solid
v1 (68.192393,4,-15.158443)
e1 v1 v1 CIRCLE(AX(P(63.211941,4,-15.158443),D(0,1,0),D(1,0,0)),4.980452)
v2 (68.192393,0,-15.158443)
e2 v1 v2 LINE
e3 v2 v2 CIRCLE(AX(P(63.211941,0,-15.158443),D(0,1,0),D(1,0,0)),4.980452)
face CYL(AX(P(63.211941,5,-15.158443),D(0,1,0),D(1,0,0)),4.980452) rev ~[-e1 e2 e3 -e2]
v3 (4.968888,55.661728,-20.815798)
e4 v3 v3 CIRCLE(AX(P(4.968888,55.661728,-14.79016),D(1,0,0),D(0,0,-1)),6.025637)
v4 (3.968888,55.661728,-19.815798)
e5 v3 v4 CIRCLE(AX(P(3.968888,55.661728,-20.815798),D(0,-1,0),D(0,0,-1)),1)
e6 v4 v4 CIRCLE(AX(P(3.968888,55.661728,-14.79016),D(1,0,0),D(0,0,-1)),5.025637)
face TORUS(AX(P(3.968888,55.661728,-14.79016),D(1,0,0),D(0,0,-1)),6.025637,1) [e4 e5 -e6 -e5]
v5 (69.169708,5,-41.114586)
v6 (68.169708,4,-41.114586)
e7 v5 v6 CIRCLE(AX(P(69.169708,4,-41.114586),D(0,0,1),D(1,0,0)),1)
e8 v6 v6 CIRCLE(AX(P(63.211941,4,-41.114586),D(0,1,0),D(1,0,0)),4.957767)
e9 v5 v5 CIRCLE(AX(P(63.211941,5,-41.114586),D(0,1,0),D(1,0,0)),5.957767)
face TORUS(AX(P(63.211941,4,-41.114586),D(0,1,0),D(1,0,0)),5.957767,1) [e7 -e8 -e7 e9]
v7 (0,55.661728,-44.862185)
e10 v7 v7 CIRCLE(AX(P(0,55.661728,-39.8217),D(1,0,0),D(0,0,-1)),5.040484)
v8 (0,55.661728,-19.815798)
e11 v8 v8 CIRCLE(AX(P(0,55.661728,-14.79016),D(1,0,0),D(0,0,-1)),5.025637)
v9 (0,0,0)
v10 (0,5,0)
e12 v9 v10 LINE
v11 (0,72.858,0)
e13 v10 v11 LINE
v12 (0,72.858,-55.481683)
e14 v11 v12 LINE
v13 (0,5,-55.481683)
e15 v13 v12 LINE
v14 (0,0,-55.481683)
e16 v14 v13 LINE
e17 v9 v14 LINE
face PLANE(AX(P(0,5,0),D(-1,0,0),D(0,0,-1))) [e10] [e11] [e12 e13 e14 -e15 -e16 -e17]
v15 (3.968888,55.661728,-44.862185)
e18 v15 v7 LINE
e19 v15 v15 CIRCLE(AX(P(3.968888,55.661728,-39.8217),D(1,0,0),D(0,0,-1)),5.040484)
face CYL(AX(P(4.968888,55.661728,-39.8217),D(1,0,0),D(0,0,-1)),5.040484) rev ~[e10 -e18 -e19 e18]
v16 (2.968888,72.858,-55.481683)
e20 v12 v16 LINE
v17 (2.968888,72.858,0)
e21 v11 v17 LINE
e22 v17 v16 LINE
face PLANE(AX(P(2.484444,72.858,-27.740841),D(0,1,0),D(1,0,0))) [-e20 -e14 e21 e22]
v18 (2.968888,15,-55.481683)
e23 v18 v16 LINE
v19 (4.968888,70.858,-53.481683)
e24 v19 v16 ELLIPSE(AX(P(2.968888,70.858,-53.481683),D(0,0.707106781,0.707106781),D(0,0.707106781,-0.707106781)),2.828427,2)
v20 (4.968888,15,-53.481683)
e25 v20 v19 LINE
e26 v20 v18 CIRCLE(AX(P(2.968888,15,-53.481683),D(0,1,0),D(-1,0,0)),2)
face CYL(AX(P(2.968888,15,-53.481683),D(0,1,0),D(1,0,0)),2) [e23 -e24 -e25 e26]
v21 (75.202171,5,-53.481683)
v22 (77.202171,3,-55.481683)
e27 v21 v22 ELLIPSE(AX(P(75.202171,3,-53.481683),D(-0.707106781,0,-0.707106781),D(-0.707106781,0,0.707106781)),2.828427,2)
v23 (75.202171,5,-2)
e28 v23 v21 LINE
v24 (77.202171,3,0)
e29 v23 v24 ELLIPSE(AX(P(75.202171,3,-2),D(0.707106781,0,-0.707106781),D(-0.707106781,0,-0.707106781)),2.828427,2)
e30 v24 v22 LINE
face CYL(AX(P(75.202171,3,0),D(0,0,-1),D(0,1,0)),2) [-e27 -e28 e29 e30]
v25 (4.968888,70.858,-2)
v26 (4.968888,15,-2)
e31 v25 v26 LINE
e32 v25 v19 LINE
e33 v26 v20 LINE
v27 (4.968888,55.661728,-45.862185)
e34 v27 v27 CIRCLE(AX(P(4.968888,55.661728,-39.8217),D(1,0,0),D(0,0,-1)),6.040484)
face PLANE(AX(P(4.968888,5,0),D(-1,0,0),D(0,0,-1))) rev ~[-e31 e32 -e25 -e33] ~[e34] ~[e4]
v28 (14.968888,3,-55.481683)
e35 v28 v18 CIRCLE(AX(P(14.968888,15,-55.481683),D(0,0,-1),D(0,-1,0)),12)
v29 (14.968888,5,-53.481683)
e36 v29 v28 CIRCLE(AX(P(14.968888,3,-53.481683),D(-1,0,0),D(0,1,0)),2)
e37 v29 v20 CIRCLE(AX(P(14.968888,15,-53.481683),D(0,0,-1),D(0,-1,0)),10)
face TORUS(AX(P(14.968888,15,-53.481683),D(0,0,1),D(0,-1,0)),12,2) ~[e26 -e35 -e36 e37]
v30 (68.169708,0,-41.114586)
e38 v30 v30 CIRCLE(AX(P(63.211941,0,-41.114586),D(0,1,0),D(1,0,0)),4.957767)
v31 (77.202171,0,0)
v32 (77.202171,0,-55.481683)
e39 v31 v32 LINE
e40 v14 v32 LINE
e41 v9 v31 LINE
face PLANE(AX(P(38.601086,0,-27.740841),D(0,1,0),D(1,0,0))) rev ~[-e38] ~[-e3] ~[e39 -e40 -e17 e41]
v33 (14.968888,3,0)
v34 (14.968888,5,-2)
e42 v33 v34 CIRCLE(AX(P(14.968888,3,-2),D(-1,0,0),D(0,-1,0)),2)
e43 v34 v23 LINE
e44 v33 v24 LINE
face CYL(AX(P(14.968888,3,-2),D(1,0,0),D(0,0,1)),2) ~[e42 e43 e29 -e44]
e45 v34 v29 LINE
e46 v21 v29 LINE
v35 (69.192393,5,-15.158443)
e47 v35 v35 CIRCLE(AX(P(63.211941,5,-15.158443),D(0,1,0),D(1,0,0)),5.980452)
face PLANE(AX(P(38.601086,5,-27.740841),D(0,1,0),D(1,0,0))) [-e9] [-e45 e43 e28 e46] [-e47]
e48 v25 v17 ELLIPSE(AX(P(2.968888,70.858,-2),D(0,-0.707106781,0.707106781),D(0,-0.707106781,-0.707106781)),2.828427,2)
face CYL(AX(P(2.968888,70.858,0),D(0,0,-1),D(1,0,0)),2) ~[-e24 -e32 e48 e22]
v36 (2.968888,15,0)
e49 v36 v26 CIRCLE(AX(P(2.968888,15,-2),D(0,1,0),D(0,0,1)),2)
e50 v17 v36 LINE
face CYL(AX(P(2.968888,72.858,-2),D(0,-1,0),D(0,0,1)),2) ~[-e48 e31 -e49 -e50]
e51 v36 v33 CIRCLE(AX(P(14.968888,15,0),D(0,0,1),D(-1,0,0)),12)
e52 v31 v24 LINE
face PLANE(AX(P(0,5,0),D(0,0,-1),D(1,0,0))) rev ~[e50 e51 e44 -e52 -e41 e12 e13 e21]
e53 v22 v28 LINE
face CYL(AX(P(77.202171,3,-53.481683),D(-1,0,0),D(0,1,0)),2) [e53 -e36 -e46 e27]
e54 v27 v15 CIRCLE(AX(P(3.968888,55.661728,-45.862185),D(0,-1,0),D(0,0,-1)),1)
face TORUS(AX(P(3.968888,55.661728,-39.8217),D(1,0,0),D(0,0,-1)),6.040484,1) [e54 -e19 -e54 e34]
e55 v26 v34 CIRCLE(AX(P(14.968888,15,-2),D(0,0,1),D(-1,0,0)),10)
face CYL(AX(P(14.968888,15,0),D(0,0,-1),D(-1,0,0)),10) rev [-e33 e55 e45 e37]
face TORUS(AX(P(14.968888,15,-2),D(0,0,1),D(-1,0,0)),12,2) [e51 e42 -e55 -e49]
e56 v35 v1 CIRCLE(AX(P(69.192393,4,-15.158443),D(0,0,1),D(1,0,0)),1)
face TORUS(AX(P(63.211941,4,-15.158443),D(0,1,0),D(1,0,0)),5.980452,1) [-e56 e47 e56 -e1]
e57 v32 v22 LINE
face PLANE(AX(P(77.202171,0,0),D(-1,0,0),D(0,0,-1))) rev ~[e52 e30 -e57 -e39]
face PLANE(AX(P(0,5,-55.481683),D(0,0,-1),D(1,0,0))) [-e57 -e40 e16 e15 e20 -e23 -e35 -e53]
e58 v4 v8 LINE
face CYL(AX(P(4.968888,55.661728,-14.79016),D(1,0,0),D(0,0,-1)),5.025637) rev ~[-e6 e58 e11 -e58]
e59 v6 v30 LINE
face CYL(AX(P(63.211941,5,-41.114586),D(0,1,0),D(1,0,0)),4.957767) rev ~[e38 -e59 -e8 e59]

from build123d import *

# Parameters (mm, degrees)
SKETCH1_W           = 77.202171331
SKETCH1_H           = 55.481682761
BOSS_EXTRUDE1_DEPTH = 5
SKETCH2_W           = 4.968888078
SKETCH2_H           = 55.481682761
BOSS_EXTRUDE2_DEPTH = 67.858
SKETCH3_R           = 4.957767387
SKETCH3_R_2         = 4.980451749
CUT_EXTRUDE1_DEPTH  = 67.858
SKETCH4_R           = 5.025637378
SKETCH4_R_2         = 5.040484197
CUT_EXTRUDE2_DEPTH  = 67.858
FILLET1_R           = 10
FILLET2_R           = 2
FILLET3_R           = 1


with BuildPart() as part:
    # Sketch1 → Boss-Extrude1 (new body)
    with BuildSketch(Plane(origin=(0, 0, 0), x_dir=(1, 0, 0), z_dir=(0, 1, 0))):
        with Locations((38.601085666, 27.740841381)):
            Rectangle(SKETCH1_W, SKETCH1_H)
    extrude(amount=BOSS_EXTRUDE1_DEPTH)

    # Sketch2 → Boss-Extrude2 (add)
    with BuildSketch(Plane(origin=(0, 5, 0), x_dir=(1, 0, 0), z_dir=(0, 1, 0))):
        with Locations((2.484444039, 27.740841381)):
            Rectangle(SKETCH2_W, SKETCH2_H)
    extrude(amount=BOSS_EXTRUDE2_DEPTH)

    # Sketch3 → Cut-Extrude1 (cut)
    with BuildSketch(Plane(origin=(0, 5, 0), x_dir=(1, 0, 0), z_dir=(0, 1, 0))):
        with Locations((63.211940842, 41.114585833)):
            Circle(SKETCH3_R)
        with Locations((63.211940842, 15.158442754)):
            Circle(SKETCH3_R_2)
    extrude(amount=-CUT_EXTRUDE1_DEPTH, mode=Mode.SUBTRACT)

    # Sketch4 → Cut-Extrude2 (cut)
    with BuildSketch(Plane(origin=(4.968888078, 0, 0), x_dir=(0, 0, -1), z_dir=(1, 0, 0))):
        with Locations((14.790160446, 55.661727657)):
            Circle(SKETCH4_R)
        with Locations((39.821700462, 55.661727657)):
            Circle(SKETCH4_R_2)
    extrude(amount=-CUT_EXTRUDE2_DEPTH, mode=Mode.SUBTRACT)

    # Fillet1
    fillet1_edges = [part.edges().sort_by_distance(p)[0] for p in [
        (4.968888078, 5, -27.74084138),
    ]]
    fillet(fillet1_edges, radius=FILLET1_R)

    # Fillet2
    fillet2_edges = [part.edges().sort_by_distance(p)[0] for p in [
        (4.968888078, 72.858, -27.74084138),
        (4.968888078, 43.929, -55.481682761),
        (7.897820266, 7.928932188, -55.481682761),
        (46.085529705, 5, -55.481682761),
        (77.202171331, 5, -27.74084138),
        (46.085529705, 5, 0),
        (7.897820266, 7.928932188, 0),
        (4.968888078, 43.929, 0),
    ]]
    fillet(fillet2_edges, radius=FILLET2_R)

    # Fillet3
    fillet3_edges = [part.edges().sort_by_distance(p)[0] for p in [
        (58.254173454, 5, -41.114585833),
        (58.231489093, 5, -15.158442754),
        (4.968888078, 55.661727657, -9.764523068),
        (4.968888078, 55.661727657, -34.781216265),
    ]]
    fillet(fillet3_edges, radius=FILLET3_R)


solid = part.part
